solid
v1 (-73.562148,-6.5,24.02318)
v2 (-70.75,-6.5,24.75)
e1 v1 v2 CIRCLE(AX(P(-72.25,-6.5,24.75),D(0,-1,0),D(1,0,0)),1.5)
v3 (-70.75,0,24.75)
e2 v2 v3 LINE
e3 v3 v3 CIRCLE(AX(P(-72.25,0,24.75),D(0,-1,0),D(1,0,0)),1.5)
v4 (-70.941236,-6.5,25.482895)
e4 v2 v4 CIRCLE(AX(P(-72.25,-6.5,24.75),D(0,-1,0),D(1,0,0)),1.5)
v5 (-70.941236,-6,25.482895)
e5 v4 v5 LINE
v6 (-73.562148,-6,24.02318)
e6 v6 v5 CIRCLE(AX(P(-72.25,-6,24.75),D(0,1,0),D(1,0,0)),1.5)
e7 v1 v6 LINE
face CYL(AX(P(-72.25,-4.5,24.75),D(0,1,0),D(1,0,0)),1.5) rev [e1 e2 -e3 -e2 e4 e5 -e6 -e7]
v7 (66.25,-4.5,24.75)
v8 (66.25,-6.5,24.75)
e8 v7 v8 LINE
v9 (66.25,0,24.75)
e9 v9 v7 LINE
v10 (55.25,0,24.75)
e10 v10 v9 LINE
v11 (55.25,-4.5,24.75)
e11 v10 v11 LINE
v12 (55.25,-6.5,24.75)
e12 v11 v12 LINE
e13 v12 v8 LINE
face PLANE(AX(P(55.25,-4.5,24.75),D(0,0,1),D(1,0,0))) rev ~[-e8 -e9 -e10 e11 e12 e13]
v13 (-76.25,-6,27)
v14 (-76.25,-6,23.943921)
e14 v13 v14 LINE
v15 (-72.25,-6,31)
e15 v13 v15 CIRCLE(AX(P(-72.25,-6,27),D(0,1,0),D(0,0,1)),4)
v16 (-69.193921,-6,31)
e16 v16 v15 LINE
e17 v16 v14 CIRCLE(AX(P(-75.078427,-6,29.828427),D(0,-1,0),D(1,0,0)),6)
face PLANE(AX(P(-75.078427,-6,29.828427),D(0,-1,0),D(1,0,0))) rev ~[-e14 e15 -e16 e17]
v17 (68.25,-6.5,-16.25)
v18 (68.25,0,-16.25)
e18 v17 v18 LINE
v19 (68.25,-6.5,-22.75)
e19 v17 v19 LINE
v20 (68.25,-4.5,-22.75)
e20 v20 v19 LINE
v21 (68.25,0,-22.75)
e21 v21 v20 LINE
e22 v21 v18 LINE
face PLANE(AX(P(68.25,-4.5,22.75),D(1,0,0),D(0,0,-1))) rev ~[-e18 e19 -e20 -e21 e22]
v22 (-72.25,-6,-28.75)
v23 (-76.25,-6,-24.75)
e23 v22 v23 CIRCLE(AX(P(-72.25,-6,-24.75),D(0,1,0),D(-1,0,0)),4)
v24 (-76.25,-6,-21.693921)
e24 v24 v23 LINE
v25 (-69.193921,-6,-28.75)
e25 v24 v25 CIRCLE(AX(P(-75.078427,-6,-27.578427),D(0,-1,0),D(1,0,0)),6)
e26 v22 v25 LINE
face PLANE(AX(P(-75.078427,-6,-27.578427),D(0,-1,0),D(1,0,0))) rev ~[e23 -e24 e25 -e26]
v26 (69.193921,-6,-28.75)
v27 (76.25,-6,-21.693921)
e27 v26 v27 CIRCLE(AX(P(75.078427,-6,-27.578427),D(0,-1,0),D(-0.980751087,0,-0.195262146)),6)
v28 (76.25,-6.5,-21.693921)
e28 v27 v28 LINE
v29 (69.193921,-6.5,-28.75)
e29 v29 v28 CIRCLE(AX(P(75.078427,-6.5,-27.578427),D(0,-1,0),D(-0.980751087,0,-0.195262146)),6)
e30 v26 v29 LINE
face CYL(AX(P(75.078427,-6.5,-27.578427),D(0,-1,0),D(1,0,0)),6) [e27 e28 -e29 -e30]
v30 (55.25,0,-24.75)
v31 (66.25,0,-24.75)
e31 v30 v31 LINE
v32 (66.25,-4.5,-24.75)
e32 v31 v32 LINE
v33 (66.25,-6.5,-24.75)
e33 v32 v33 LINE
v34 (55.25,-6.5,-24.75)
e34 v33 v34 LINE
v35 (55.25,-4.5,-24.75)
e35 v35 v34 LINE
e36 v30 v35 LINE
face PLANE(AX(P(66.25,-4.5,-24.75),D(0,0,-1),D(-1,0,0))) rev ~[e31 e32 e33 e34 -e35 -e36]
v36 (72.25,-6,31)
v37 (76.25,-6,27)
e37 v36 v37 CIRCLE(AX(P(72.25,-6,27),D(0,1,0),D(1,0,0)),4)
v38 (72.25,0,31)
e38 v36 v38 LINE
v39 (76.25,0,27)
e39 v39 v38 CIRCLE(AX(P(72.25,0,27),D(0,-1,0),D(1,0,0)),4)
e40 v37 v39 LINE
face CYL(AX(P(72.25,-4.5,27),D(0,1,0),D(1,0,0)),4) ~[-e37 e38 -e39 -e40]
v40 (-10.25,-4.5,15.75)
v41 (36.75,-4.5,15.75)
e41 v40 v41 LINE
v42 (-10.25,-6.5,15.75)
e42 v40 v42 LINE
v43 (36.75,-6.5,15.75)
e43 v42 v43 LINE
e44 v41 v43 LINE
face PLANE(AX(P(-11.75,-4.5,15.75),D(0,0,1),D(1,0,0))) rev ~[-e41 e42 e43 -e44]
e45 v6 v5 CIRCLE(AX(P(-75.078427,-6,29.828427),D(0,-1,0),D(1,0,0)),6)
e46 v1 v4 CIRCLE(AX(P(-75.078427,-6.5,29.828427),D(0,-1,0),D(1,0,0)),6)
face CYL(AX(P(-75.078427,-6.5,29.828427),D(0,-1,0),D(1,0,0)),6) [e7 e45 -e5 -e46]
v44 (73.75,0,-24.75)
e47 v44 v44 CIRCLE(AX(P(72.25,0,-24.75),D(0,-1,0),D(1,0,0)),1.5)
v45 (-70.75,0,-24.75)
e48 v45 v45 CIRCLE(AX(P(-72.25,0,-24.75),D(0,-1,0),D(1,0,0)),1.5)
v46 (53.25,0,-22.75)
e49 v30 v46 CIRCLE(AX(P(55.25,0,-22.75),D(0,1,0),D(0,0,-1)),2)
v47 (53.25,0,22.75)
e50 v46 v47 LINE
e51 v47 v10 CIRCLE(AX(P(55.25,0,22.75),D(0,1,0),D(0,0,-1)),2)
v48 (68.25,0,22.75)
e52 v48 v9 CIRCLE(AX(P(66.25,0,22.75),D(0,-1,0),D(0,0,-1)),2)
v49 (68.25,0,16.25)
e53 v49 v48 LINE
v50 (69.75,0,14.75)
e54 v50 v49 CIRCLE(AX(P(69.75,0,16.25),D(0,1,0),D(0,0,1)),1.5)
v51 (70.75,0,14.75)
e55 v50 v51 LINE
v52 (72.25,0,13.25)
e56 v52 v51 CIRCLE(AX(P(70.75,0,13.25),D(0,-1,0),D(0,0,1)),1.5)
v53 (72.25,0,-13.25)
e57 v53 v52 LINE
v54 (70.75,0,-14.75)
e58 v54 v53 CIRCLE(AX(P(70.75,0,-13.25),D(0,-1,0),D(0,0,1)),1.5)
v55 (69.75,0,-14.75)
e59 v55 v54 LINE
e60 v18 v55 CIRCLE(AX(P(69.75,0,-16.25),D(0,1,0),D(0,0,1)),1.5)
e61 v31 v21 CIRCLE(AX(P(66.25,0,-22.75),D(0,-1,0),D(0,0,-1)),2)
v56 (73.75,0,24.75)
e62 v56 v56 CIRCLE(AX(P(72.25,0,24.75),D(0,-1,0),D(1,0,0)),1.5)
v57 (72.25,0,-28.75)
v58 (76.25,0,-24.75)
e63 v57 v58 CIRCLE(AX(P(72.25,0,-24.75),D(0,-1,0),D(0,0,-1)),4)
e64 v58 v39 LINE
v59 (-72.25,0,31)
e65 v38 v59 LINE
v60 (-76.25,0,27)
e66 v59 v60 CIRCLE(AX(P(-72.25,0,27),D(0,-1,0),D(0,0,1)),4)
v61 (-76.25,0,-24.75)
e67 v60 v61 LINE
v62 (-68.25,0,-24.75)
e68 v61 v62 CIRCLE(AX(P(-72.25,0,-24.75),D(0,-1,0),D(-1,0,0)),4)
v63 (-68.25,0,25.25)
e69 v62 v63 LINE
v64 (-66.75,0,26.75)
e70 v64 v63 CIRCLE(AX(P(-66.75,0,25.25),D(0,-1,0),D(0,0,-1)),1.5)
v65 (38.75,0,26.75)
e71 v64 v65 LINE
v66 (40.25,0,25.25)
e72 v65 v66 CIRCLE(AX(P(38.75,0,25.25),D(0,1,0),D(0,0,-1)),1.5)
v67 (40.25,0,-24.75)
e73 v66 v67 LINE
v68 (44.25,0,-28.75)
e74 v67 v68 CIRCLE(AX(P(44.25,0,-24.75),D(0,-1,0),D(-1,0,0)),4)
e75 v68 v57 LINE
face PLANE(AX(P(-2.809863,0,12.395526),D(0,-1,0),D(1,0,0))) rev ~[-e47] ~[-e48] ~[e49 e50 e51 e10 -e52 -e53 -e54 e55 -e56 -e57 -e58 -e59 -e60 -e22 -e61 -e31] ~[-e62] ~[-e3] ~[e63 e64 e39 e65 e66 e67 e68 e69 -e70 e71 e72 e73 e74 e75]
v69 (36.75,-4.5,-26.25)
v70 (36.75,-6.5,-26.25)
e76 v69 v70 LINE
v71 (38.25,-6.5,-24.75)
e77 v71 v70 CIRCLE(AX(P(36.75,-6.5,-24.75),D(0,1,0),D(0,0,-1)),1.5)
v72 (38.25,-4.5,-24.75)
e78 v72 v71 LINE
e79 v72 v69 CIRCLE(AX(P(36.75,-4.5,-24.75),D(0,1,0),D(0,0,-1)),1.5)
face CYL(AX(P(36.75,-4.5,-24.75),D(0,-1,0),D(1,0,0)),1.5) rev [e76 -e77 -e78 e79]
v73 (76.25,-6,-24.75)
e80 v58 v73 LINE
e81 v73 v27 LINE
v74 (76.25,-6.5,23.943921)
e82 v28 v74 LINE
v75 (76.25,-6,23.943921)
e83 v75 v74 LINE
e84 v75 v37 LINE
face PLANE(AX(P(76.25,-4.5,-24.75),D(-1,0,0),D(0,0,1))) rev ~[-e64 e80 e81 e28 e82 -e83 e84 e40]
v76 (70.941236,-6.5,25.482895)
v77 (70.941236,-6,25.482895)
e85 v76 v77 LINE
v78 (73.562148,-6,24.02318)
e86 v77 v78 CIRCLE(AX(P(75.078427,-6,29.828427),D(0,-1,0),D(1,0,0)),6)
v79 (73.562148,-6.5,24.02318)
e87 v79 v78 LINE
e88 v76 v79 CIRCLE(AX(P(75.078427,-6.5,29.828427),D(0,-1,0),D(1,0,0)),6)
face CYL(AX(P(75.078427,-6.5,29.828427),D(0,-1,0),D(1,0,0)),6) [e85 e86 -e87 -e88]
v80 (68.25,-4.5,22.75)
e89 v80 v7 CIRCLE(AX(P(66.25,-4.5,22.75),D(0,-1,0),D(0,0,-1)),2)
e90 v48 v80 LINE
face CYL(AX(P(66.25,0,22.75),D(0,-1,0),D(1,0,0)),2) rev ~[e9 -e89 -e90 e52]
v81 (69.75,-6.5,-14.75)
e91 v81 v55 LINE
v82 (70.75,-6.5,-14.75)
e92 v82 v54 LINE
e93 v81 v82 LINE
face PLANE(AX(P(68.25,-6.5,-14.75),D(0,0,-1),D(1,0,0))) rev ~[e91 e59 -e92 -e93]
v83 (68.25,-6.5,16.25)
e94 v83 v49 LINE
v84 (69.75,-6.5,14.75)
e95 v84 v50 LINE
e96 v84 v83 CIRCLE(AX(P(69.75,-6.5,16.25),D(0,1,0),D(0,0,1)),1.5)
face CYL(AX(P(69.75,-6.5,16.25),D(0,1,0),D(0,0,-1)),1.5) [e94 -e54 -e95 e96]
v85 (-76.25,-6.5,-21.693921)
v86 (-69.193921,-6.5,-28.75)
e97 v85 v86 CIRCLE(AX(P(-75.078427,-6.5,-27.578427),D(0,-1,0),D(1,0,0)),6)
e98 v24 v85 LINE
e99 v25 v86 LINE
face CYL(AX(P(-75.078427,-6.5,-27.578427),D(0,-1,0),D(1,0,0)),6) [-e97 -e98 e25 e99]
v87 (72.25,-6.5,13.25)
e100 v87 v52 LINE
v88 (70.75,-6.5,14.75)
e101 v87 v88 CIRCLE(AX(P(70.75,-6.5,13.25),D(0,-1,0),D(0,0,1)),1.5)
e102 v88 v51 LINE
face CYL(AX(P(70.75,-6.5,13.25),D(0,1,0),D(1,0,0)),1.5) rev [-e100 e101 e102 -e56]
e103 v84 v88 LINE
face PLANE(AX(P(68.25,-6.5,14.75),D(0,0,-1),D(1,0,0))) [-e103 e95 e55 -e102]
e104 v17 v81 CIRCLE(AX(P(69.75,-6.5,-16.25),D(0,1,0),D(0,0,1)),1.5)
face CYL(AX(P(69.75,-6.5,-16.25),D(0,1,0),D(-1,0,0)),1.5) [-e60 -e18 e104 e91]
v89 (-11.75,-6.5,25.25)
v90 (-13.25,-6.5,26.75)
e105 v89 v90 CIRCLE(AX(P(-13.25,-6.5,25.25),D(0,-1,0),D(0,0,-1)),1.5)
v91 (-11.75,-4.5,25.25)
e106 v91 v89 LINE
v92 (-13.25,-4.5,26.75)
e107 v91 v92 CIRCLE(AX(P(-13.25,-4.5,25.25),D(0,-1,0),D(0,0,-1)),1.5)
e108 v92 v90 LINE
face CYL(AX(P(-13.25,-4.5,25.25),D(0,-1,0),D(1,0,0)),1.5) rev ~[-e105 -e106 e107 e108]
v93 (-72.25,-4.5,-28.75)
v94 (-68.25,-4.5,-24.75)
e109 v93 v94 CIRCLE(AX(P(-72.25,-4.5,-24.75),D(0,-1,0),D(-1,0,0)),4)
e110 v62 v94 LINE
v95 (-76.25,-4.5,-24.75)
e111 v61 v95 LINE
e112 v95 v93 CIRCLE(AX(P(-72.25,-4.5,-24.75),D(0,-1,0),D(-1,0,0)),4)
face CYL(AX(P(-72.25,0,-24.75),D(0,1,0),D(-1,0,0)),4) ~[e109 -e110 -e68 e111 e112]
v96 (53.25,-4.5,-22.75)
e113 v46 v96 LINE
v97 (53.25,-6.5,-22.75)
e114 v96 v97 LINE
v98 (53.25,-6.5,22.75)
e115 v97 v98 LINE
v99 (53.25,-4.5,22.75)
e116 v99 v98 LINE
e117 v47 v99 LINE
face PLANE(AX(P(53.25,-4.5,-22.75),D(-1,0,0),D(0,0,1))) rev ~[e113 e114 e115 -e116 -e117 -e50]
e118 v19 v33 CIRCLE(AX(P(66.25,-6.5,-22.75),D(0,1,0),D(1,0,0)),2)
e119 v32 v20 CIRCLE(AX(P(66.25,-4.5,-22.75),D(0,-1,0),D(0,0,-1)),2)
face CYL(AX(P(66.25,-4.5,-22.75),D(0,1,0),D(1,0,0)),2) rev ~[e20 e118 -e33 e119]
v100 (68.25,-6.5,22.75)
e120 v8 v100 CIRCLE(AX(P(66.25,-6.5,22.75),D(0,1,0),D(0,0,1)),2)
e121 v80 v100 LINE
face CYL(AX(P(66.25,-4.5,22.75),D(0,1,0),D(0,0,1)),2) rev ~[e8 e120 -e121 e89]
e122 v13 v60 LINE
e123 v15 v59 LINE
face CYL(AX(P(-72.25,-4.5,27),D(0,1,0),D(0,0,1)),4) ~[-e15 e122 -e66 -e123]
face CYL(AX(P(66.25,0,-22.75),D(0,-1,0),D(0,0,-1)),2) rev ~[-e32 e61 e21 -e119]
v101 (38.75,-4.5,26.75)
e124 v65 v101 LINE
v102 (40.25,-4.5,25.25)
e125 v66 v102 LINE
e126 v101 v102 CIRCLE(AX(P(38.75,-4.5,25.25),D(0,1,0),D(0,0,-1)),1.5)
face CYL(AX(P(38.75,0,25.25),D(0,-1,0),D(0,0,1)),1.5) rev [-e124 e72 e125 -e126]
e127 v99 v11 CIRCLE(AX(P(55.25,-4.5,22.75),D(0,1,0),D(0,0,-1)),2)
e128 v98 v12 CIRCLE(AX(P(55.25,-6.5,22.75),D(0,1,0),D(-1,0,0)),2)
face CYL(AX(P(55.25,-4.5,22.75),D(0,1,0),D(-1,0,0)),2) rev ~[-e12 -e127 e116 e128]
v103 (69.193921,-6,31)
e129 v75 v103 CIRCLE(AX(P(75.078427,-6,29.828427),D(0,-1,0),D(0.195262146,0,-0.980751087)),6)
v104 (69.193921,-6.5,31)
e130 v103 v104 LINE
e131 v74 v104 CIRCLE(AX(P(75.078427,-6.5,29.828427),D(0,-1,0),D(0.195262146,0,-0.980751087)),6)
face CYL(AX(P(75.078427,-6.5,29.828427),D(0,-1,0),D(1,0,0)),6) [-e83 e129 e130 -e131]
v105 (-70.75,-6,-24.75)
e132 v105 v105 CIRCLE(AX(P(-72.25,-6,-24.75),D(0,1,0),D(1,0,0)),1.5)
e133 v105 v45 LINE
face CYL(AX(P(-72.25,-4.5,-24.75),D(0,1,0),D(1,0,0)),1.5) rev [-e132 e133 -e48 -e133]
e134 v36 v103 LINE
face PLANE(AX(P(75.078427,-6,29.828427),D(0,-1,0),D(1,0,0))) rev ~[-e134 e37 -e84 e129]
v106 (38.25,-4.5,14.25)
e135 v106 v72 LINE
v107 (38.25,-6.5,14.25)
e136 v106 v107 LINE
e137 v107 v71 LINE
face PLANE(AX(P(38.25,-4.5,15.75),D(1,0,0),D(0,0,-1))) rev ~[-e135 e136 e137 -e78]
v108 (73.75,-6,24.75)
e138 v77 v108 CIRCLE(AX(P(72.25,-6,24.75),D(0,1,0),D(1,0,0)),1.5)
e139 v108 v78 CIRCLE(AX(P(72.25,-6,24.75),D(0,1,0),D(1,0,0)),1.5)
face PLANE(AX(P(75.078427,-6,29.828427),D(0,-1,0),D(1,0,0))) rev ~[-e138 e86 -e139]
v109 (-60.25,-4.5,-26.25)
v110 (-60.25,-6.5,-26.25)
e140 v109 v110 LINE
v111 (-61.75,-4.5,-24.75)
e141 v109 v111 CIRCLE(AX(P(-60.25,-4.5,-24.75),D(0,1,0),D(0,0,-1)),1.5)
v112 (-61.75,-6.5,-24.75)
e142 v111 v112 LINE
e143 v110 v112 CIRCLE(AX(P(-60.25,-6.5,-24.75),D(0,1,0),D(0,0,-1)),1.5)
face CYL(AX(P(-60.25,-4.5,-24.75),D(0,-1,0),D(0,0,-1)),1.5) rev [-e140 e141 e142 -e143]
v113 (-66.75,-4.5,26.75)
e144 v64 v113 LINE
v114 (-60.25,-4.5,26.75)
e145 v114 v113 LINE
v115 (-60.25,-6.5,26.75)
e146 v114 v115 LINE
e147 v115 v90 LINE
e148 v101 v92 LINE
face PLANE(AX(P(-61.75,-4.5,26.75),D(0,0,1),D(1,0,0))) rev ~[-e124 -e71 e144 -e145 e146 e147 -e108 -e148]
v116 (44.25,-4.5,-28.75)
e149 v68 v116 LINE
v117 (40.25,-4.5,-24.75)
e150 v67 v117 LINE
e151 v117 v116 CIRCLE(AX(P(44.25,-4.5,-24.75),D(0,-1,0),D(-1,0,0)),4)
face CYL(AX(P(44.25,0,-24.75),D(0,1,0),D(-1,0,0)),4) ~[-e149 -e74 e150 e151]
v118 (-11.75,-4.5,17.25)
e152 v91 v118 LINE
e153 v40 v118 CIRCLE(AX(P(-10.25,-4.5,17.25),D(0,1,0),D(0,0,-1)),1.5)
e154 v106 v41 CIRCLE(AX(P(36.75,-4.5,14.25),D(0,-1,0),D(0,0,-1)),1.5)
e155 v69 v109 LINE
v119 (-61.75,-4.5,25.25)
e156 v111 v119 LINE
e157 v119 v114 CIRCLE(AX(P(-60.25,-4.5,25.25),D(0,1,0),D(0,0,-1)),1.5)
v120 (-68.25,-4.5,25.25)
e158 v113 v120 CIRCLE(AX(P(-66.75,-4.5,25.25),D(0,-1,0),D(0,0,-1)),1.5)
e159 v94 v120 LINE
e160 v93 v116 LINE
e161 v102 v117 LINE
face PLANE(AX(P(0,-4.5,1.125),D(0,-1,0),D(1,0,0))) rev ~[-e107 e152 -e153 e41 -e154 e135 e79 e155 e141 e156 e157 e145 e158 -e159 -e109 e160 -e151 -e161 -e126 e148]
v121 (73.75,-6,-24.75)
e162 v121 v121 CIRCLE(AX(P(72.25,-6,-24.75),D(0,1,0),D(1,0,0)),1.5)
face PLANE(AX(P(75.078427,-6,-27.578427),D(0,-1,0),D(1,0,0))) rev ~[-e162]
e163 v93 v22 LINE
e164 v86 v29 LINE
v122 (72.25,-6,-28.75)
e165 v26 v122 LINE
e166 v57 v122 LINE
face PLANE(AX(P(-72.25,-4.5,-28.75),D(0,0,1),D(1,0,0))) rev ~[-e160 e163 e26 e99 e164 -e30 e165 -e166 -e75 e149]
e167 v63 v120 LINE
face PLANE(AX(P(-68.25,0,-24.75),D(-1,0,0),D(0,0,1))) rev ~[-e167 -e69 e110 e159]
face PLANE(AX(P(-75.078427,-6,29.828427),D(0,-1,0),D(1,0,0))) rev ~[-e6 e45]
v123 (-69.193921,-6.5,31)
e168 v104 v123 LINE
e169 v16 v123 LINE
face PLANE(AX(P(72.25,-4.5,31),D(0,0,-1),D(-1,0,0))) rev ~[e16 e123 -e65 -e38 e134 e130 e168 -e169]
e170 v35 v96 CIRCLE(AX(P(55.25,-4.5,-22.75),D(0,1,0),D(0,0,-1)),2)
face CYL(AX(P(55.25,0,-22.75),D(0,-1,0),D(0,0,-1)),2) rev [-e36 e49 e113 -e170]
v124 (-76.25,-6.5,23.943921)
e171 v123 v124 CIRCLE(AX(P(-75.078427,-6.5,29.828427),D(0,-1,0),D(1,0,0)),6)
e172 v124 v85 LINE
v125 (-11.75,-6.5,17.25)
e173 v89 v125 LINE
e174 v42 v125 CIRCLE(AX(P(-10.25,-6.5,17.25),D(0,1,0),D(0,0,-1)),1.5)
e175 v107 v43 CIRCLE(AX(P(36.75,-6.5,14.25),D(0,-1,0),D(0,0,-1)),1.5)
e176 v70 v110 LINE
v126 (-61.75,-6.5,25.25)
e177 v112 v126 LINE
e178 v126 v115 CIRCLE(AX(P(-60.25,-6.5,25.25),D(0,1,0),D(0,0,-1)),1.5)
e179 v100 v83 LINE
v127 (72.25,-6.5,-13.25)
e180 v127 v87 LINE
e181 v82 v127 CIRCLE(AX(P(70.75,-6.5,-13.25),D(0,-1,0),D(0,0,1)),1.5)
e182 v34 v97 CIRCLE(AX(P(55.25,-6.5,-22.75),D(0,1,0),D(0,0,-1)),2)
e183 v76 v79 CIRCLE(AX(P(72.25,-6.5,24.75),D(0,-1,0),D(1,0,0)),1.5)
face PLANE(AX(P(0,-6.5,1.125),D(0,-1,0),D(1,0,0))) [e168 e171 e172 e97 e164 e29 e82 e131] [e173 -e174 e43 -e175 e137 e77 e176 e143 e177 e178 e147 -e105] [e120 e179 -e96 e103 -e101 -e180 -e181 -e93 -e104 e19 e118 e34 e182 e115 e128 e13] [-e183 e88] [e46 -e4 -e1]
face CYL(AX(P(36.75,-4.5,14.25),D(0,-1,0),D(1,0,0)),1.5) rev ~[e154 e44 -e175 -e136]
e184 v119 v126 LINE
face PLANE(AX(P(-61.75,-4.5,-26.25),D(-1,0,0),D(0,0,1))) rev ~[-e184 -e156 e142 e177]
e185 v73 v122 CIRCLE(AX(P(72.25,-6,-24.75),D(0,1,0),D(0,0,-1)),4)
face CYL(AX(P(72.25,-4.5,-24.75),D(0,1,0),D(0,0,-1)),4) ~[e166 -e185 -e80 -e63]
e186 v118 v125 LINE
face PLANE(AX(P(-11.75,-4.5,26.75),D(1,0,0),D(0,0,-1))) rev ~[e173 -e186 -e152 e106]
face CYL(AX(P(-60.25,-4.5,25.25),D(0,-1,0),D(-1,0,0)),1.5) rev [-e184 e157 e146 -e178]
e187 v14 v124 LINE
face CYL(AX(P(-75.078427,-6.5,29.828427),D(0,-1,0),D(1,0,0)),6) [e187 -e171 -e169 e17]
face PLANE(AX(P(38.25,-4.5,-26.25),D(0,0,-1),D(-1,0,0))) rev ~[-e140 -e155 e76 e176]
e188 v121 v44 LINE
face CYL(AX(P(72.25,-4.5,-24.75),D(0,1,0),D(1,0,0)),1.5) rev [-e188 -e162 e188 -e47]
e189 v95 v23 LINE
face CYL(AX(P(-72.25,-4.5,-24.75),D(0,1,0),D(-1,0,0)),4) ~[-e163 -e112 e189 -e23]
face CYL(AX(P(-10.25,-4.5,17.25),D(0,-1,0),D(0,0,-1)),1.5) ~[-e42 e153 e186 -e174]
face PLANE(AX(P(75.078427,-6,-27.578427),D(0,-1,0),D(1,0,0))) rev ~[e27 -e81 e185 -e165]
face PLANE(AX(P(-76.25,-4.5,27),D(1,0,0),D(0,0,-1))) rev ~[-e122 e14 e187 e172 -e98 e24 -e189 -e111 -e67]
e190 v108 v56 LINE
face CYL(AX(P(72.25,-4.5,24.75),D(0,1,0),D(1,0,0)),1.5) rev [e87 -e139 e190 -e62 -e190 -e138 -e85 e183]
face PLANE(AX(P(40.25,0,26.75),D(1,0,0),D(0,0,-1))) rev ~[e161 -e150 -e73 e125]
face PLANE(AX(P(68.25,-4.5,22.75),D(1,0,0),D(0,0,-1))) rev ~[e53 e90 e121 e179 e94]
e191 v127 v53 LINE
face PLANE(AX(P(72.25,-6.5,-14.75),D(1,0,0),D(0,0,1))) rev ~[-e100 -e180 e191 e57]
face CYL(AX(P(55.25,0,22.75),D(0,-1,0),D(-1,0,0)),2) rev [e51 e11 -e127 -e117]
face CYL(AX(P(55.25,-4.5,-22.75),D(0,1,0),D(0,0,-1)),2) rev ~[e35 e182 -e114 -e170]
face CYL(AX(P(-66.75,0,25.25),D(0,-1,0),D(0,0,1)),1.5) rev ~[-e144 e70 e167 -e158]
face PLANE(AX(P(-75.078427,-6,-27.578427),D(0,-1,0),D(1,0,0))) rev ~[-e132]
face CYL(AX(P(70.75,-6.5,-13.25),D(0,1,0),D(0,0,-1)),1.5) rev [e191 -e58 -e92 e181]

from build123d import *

# Parameters (mm, degrees)
F0_R     = 1.5
F0_W     = 15
F0_H     = 49.5
F1_DEPTH = 4.5
F2_R     = 2
F3_R     = 1.5
F4_DEPTH = 2
F5_W     = 4
F5_H     = 29.5
F6_DEPTH = 6.501
F7_R     = 1.5
F8_R     = 6
F9_DEPTH = 0.5


with BuildPart() as f1:
    # F0 (on Front) → F1 (new body)
    with BuildSketch(Plane.XZ):
        with BuildLine():
            ThreePointArc((-76.25, -24.75), (-72.25, -28.75), (-68.25, -24.75))
            Line((-68.25, -24.75), (-68.25, 24.75))
            Line((-68.25, 24.75), (-68.25, 26.75))
            Line((-68.25, 26.75), (40.25, 26.75))
            Line((40.25, 26.75), (40.25, 24.75))
            Line((40.25, 24.75), (40.25, -24.75))
            ThreePointArc((40.25, -24.75), (41.4215728753, -27.5784271247), (44.25, -28.75))
            Line((44.25, -28.75), (72.25, -28.75))
            ThreePointArc((72.25, -28.75), (75.0784271247, -27.5784271247), (76.25, -24.75))
            Line((76.25, -24.75), (76.25, 27))
            ThreePointArc((76.25, 27), (75.0784271247, 29.8284271247), (72.25, 31))
            Line((72.25, 31), (-72.25, 31))
            ThreePointArc((-72.25, 31), (-75.0784271247, 29.8284271247), (-76.25, 27))
            Line((-76.25, 27), (-76.25, -24.75))
        make_face()
        with Locations((-72.25, -24.75)):
            Circle(F0_R, mode=Mode.SUBTRACT)
        with Locations((72.25, -24.75)):
            Circle(F0_R, mode=Mode.SUBTRACT)
        with Locations((60.75, 0)):
            Rectangle(F0_W, F0_H, mode=Mode.SUBTRACT)
        with Locations((-72.25, 24.75)):
            Circle(F0_R, mode=Mode.SUBTRACT)
        with Locations((72.25, 24.75)):
            Circle(F0_R, mode=Mode.SUBTRACT)
    extrude(amount=F1_DEPTH)

    # F2
    f2_edges = [f1.edges().sort_by_distance(p)[0] for p in [
        (-68.25, -2.25, -24.75),
        (40.25, -2.25, -24.75),
        (68.25, -2.25, 24.75),
        (53.25, -2.25, 24.75),
        (53.25, -2.25, -24.75),
        (68.25, -2.25, -24.75),
    ]]
    fillet(f2_edges, radius=F2_R)

    # F3 (on face) → F4 (join)
    with BuildSketch(Plane.XZ.offset(4.5)):
        with BuildLine():
            Line((-76.25, 27), (-76.25, -24.75))
            ThreePointArc((-76.25, -24.75), (-75.0784271247, -27.5784271247), (-72.25, -28.75))
            Line((-72.25, -28.75), (72.25, -28.75))
            ThreePointArc((72.25, -28.75), (75.0784271247, -27.5784271247), (76.25, -24.75))
            Line((76.25, -24.75), (76.25, 27))
            ThreePointArc((76.25, 27), (75.0784271247, 29.8284271247), (72.25, 31))
            Line((72.25, 31), (-72.25, 31))
            ThreePointArc((-72.25, 31), (-75.0784271247, 29.8284271247), (-76.25, 27))
        make_face()
        with Locations((-72.25, -24.75)):
            Circle(F3_R, mode=Mode.SUBTRACT)
        Polygon((38.25, -26.25), (-61.75, -26.25), (-61.75, 15.75), (-61.75, 26.75), (-11.75, 26.75), (-11.75, 15.75), (38.25, 15.75), align=None, mode=Mode.SUBTRACT)
        with Locations((72.25, -24.75)):
            Circle(F3_R, mode=Mode.SUBTRACT)
        with BuildLine():
            ThreePointArc((55.25, -24.75), (53.8357864376, -24.1642135624), (53.25, -22.75))
            Line((53.25, -22.75), (53.25, 22.75))
            ThreePointArc((53.25, 22.75), (53.8357864376, 24.1642135624), (55.25, 24.75))
            Line((55.25, 24.75), (66.25, 24.75))
            ThreePointArc((66.25, 24.75), (67.6642135624, 24.1642135624), (68.25, 22.75))
            Line((68.25, 22.75), (68.25, -22.75))
            ThreePointArc((68.25, -22.75), (67.6642135624, -24.1642135624), (66.25, -24.75))
            Line((66.25, -24.75), (55.25, -24.75))
        make_face(mode=Mode.SUBTRACT)
        with Locations((-72.25, 24.75)):
            Circle(F3_R, mode=Mode.SUBTRACT)
        with Locations((72.25, 24.75)):
            Circle(F3_R, mode=Mode.SUBTRACT)
    extrude(amount=F4_DEPTH)

    # F5 (on face) → F6 (cut, through all)
    with BuildSketch(Plane.XZ.offset(6.5)):
        with Locations((70.25, 0)):
            Rectangle(F5_W, F5_H)
    extrude(amount=-F6_DEPTH, mode=Mode.SUBTRACT)

    # F7
    f7_edges = [f1.edges().sort_by_distance(p)[0] for p in [
        (-11.75, -5.5, 26.75),
        (-11.75, -5.5, 15.75),
        (-61.75, -5.5, 26.75),
        (38.25, -5.5, 15.75),
        (38.25, -5.5, -26.25),
        (-61.75, -5.5, -26.25),
        (68.25, -3.25, 14.75),
        (72.25, -3.25, 14.75),
        (68.25, -3.25, -14.75),
        (72.25, -3.25, -14.75),
        (40.25, -2.25, 26.75),
        (-68.25, -2.25, 26.75),
    ]]
    fillet(f7_edges, radius=F7_R)

    # F8 (on face) → F9 (join)
    with BuildSketch(Plane.XZ.offset(6.5)):
        with Locations((-75.0784271247, 29.8284271247)):
            Circle(F8_R)
        with Locations((-75.0784271247, -27.5784271247)):
            Circle(F8_R)
        with Locations((75.0784271247, 29.8284271247)):
            Circle(F8_R)
        with Locations((75.0784271247, -27.5784271247)):
            Circle(F8_R)
    extrude(amount=-F9_DEPTH)


solid = f1.part
